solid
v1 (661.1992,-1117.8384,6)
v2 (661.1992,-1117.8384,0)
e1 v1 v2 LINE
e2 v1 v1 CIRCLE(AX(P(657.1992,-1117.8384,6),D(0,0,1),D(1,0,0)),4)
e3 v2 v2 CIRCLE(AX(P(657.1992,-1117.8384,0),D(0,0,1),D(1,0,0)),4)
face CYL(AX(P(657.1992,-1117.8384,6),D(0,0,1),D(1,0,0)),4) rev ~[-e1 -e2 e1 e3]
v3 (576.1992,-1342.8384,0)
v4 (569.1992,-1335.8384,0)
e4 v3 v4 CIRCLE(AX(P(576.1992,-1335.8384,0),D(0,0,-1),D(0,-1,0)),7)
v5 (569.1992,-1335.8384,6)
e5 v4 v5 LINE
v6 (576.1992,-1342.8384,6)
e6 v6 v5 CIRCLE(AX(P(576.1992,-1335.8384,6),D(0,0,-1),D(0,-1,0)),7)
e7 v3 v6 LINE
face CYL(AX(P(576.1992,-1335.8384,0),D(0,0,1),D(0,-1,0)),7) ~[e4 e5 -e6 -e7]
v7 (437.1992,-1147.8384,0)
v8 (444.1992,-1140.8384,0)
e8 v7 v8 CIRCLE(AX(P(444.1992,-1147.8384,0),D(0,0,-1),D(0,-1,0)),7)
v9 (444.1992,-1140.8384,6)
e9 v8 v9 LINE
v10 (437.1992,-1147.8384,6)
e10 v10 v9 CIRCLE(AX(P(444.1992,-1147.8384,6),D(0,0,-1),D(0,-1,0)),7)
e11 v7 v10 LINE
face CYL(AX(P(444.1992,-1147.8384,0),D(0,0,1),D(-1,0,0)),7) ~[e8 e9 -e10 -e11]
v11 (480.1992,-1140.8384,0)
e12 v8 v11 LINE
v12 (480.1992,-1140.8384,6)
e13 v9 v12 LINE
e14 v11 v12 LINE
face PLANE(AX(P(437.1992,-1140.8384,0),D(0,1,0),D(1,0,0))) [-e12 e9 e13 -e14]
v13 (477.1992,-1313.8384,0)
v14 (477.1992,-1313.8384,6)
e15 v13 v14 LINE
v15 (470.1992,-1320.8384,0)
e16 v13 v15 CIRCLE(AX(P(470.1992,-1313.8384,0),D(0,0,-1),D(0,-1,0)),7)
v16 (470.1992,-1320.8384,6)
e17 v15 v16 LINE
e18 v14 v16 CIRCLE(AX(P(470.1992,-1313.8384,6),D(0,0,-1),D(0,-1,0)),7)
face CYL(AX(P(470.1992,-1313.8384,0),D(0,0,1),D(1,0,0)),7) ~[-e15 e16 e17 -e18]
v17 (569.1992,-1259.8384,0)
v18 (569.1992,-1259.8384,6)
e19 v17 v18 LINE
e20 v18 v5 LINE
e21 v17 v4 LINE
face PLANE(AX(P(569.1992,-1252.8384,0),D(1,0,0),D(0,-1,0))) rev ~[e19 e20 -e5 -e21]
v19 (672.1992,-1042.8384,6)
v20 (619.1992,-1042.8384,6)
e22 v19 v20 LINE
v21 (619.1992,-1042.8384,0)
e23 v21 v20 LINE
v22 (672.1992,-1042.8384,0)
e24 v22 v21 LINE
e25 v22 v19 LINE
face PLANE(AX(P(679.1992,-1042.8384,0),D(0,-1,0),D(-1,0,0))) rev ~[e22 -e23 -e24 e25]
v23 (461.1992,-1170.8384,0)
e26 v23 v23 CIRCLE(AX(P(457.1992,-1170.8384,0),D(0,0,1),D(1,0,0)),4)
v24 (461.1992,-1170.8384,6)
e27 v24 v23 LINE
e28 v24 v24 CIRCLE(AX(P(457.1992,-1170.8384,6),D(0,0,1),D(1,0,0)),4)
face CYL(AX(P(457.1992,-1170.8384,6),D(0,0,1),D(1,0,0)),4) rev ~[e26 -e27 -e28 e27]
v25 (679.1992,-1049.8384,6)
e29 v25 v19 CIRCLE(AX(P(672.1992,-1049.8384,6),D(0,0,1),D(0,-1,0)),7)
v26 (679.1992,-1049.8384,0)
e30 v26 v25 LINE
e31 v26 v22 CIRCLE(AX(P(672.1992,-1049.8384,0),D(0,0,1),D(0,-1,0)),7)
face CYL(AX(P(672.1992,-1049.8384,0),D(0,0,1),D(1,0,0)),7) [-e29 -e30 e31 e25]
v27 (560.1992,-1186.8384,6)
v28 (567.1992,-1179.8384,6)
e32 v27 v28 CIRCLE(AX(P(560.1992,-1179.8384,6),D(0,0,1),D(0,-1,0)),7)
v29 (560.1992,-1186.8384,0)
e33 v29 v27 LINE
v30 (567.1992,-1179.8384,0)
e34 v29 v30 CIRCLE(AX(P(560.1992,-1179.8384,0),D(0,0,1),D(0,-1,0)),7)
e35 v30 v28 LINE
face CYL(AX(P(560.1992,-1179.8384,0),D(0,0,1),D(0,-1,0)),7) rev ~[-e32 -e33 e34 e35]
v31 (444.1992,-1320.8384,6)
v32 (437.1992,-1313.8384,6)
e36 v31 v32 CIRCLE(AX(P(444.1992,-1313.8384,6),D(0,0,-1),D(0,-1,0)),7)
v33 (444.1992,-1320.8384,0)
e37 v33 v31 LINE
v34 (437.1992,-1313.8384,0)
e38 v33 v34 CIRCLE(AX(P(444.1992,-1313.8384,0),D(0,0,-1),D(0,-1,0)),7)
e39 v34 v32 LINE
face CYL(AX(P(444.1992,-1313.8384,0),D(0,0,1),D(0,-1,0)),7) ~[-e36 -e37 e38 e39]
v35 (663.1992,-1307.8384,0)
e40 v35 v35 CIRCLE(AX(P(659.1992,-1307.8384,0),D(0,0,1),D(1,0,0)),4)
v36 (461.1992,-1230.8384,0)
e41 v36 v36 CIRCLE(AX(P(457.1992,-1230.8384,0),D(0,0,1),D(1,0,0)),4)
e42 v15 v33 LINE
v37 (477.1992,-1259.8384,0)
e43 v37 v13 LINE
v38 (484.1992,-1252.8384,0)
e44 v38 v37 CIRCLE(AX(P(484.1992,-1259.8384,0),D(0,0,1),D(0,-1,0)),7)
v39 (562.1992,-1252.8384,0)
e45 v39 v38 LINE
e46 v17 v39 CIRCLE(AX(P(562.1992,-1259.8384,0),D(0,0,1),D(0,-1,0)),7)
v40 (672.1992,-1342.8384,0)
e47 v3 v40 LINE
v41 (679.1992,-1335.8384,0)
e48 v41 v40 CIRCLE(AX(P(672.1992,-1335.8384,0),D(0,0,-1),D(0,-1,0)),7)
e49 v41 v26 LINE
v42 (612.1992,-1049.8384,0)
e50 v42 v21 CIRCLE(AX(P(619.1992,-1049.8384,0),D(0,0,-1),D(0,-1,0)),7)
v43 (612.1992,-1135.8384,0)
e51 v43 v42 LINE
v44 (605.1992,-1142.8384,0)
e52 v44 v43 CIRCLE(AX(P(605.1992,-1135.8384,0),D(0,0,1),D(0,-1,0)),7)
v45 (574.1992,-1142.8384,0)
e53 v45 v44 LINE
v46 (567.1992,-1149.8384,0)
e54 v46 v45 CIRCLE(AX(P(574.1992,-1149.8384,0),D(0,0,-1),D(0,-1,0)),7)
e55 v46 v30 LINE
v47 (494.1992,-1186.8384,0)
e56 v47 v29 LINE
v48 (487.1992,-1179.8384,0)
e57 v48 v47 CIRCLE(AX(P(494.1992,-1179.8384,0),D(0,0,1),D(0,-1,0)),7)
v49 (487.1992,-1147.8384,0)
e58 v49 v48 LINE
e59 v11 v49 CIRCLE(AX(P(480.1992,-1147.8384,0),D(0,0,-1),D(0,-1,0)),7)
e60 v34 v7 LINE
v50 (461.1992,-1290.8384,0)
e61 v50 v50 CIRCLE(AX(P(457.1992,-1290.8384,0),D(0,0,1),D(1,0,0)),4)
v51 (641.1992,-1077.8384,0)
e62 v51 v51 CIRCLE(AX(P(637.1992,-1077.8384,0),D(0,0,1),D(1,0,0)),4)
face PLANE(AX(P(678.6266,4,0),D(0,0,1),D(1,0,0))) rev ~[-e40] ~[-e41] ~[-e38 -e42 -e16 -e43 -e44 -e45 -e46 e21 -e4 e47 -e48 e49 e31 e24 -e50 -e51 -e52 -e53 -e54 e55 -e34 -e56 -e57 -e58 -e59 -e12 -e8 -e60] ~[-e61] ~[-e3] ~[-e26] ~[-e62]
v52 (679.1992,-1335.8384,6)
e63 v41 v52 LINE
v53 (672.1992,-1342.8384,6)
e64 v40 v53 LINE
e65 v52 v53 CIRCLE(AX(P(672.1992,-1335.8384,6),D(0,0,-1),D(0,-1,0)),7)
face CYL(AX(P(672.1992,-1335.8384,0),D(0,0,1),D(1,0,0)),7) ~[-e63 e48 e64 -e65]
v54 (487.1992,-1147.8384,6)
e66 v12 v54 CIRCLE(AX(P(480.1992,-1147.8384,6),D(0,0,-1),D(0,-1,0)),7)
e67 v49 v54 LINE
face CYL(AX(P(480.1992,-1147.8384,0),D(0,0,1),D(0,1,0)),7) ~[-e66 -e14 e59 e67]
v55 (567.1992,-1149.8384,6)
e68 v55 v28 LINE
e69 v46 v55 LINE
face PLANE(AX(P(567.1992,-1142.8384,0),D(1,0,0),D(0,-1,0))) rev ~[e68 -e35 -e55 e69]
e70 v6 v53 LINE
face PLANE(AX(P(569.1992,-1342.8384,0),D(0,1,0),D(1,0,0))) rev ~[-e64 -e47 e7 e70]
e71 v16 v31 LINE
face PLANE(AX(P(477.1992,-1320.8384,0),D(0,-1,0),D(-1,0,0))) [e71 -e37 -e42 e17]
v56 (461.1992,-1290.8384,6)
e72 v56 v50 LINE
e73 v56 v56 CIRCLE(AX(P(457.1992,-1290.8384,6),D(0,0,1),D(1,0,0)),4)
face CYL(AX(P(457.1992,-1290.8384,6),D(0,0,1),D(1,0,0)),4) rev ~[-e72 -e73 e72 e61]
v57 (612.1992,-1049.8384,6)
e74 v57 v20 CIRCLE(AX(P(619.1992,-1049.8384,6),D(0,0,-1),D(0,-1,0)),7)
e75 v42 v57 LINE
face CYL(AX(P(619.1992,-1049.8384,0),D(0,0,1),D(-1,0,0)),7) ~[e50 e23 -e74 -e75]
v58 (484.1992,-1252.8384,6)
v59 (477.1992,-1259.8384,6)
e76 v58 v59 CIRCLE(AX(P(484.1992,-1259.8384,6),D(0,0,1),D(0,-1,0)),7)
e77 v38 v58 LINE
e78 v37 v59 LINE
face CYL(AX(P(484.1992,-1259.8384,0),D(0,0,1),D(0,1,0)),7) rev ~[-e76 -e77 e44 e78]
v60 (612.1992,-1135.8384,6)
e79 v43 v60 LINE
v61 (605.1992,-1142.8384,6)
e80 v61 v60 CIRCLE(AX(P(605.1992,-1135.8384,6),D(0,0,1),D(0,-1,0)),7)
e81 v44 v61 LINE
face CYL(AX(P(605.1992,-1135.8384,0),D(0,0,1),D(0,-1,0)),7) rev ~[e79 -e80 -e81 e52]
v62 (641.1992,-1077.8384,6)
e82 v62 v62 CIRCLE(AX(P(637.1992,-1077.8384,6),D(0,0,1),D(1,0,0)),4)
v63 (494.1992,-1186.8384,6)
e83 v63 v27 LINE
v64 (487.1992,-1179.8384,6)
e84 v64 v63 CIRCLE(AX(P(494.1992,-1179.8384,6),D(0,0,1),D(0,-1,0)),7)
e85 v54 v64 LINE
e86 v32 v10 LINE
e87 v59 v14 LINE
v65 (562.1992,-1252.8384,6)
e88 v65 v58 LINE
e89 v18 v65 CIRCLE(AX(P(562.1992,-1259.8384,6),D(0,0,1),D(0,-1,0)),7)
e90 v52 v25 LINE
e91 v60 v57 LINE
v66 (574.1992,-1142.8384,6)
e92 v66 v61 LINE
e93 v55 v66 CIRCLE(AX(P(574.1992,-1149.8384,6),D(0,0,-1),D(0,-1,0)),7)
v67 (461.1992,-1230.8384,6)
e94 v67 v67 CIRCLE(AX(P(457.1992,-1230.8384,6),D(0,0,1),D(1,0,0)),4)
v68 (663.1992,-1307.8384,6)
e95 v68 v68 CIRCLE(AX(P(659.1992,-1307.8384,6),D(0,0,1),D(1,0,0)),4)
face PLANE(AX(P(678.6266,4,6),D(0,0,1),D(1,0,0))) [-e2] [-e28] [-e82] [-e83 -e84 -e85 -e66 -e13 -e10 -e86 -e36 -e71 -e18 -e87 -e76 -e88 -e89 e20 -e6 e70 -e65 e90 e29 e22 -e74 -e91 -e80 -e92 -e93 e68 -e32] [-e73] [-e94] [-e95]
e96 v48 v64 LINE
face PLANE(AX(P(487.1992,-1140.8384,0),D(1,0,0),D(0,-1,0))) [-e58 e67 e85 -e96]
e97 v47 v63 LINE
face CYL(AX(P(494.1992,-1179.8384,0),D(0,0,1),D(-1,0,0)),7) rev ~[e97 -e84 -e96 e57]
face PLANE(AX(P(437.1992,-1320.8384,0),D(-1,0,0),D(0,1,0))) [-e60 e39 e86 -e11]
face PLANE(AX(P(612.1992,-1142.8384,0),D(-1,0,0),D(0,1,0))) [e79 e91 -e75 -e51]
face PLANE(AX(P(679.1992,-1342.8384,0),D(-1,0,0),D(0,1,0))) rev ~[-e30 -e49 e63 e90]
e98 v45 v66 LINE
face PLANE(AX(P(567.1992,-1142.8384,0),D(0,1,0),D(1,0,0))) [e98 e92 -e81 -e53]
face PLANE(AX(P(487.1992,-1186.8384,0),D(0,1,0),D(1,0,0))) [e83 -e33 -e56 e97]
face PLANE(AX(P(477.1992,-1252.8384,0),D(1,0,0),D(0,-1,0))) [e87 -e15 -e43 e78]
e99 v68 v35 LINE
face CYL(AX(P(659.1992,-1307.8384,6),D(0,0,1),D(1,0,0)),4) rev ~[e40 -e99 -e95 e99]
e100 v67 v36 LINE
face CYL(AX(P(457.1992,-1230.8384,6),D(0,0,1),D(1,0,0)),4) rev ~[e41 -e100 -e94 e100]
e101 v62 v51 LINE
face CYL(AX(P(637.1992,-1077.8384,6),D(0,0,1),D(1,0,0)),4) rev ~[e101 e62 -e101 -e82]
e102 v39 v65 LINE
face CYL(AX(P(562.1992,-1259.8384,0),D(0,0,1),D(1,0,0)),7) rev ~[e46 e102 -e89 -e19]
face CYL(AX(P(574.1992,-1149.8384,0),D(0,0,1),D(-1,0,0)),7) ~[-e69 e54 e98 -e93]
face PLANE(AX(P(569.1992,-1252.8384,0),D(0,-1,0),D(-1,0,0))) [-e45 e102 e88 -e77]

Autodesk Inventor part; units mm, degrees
ref_plane "YZ Plane" through (0, 0, 0) normal (1, 0, 0) x (0, 1, 0)
ref_plane "XZ Plane" through (0, 0, 0) normal (0, 1, 0) x (-1, 0, 0)
ref_plane "XY Plane" through (0, 0, 0) normal (0, 0, 1) x (1, 0, 0)
ref_plane "Work Plane1" through (678.6266, 4, 0) normal (0, 0, 1) x (1, 0, 0)
sketch "Sketch1" plane through (678.6266, 4, 0) normal (0, 0, 1) x (1, 0, 0)
  line L0 (0.5726, -1046.8384) -> (-66.4274, -1046.8384)
  line L1 (-109.4274, -1346.8384) -> (0.5726, -1346.8384)
  line L2 (0.5726, -1346.8384) -> (0.5726, -1046.8384)
  line L3 (-109.4274, -1256.8384) -> (-201.4274, -1256.8384)
  line L4 (-201.4274, -1256.8384) -> (-201.4274, -1324.8384)
  line L5 (-201.4274, -1324.8384) -> (-241.4274, -1324.8384)
  line L6 (-241.4274, -1324.8384) -> (-241.4274, -1144.8384)
  line L7 (-191.4274, -1190.8384) -> (-111.4274, -1190.8384)
  line L8 (-111.4274, -1146.8384) -> (-111.4274, -1190.8384)
  line L9 (-109.4274, -1256.8384) -> (-109.4274, -1346.8384)
  line L10 (-241.4274, -1144.8384) -> (-191.4274, -1144.8384)
  line L11 (-191.4274, -1144.8384) -> (-191.4274, -1190.8384)
  line L12 (-111.4274, -1146.8384) -> (-66.4274, -1146.8384)
  line L13 (-66.4274, -1146.8384) -> (-66.4274, -1046.8384)
  point P0 (-678.6266, -4)
  dimension "d0" = 110
  dimension "d4" = 92
  dimension "d5" = 68
  dimension "d6" = 40
  dimension "d7" = 180
  dimension "d8" = 50
  dimension "d9" = 46
  dimension "d10" = 300
  dimension "d12" = 80
  dimension "d13" = 44
  dimension "d14" = 45
  dimension "d15" = 100
extrude "Extrusion1" add sketch "Sketch1" along normal blind 6
fillet "Fillet1" radius 7 14 edges at (487.1992, -1186.8384, 3) (567.1992, -1186.8384, 3) (612.1992, -1042.8384, 3) (679.1992, -1042.8384, 3) (487.1992, -1140.8384, 3) (437.1992, -1140.8384, 3) (437.1992, -1320.8384, 3) (477.1992, -1320.8384, 3) (477.1992, -1252.8384, 3) (569.1992, -1252.8384, 3) (569.1992, -1342.8384, 3) (679.1992, -1342.8384, 3) (567.1992, -1142.8384, 3) (612.1992, -1142.8384, 3)
sketch "Sketch2" plane through (678.6266, 4, 6) normal (0, 0, 1) x (1, 0, 0)
  circle A0 centre (-221.4274, -1294.8384) radius 4
  circle A1 centre (-221.4274, -1234.8384) radius 4
  circle A2 centre (-221.4274, -1174.8384) radius 4
  line L0 (-234.4274, -1324.8384) -> (-208.4274, -1324.8384) projected
  line L1 (-221.4274, -1324.8384) -> (-221.4274, -1294.8384) construction
  line L2 (-221.4274, -1294.8384) -> (-221.4274, -1234.8384) construction
  line L3 (-221.4274, -1234.8384) -> (-221.4274, -1174.8384) construction
  line L4 (-241.4274, -1151.8384) -> (-241.4274, -1317.8384) projected
  line L5 (-241.4274, -1234.8384) -> (-221.4274, -1234.8384) construction
  circle A3 centre (-19.4274, -1311.8384) radius 4
  circle A4 centre (-21.4274, -1121.8384) radius 4
  circle A5 centre (-41.4274, -1081.8384) radius 4
  line L6 (-102.4274, -1346.8384) -> (-6.4274, -1346.8384) projected
  line L7 (0.5726, -1339.8384) -> (0.5726, -1053.8384) projected
  line L8 (-6.4274, -1046.8384) -> (-59.4274, -1046.8384) projected
  line L9 (-66.4274, -1053.8384) -> (-66.4274, -1139.8384) projected
  point P0 (-678.6266, -4)
  dimension "d17" = 8
  dimension "d18" = 60
  dimension "d19" = 60
  dimension "d20" = 8
  dimension "d21" = 35
  dimension "d22" = 20
  dimension "d23" = 35
  dimension "d24" = 25
  dimension "d25" = 40
  dimension "d26" = 20
  dimension "d27" = 30
extrude "Extrusion2" cut sketch "Sketch2" against normal through all
